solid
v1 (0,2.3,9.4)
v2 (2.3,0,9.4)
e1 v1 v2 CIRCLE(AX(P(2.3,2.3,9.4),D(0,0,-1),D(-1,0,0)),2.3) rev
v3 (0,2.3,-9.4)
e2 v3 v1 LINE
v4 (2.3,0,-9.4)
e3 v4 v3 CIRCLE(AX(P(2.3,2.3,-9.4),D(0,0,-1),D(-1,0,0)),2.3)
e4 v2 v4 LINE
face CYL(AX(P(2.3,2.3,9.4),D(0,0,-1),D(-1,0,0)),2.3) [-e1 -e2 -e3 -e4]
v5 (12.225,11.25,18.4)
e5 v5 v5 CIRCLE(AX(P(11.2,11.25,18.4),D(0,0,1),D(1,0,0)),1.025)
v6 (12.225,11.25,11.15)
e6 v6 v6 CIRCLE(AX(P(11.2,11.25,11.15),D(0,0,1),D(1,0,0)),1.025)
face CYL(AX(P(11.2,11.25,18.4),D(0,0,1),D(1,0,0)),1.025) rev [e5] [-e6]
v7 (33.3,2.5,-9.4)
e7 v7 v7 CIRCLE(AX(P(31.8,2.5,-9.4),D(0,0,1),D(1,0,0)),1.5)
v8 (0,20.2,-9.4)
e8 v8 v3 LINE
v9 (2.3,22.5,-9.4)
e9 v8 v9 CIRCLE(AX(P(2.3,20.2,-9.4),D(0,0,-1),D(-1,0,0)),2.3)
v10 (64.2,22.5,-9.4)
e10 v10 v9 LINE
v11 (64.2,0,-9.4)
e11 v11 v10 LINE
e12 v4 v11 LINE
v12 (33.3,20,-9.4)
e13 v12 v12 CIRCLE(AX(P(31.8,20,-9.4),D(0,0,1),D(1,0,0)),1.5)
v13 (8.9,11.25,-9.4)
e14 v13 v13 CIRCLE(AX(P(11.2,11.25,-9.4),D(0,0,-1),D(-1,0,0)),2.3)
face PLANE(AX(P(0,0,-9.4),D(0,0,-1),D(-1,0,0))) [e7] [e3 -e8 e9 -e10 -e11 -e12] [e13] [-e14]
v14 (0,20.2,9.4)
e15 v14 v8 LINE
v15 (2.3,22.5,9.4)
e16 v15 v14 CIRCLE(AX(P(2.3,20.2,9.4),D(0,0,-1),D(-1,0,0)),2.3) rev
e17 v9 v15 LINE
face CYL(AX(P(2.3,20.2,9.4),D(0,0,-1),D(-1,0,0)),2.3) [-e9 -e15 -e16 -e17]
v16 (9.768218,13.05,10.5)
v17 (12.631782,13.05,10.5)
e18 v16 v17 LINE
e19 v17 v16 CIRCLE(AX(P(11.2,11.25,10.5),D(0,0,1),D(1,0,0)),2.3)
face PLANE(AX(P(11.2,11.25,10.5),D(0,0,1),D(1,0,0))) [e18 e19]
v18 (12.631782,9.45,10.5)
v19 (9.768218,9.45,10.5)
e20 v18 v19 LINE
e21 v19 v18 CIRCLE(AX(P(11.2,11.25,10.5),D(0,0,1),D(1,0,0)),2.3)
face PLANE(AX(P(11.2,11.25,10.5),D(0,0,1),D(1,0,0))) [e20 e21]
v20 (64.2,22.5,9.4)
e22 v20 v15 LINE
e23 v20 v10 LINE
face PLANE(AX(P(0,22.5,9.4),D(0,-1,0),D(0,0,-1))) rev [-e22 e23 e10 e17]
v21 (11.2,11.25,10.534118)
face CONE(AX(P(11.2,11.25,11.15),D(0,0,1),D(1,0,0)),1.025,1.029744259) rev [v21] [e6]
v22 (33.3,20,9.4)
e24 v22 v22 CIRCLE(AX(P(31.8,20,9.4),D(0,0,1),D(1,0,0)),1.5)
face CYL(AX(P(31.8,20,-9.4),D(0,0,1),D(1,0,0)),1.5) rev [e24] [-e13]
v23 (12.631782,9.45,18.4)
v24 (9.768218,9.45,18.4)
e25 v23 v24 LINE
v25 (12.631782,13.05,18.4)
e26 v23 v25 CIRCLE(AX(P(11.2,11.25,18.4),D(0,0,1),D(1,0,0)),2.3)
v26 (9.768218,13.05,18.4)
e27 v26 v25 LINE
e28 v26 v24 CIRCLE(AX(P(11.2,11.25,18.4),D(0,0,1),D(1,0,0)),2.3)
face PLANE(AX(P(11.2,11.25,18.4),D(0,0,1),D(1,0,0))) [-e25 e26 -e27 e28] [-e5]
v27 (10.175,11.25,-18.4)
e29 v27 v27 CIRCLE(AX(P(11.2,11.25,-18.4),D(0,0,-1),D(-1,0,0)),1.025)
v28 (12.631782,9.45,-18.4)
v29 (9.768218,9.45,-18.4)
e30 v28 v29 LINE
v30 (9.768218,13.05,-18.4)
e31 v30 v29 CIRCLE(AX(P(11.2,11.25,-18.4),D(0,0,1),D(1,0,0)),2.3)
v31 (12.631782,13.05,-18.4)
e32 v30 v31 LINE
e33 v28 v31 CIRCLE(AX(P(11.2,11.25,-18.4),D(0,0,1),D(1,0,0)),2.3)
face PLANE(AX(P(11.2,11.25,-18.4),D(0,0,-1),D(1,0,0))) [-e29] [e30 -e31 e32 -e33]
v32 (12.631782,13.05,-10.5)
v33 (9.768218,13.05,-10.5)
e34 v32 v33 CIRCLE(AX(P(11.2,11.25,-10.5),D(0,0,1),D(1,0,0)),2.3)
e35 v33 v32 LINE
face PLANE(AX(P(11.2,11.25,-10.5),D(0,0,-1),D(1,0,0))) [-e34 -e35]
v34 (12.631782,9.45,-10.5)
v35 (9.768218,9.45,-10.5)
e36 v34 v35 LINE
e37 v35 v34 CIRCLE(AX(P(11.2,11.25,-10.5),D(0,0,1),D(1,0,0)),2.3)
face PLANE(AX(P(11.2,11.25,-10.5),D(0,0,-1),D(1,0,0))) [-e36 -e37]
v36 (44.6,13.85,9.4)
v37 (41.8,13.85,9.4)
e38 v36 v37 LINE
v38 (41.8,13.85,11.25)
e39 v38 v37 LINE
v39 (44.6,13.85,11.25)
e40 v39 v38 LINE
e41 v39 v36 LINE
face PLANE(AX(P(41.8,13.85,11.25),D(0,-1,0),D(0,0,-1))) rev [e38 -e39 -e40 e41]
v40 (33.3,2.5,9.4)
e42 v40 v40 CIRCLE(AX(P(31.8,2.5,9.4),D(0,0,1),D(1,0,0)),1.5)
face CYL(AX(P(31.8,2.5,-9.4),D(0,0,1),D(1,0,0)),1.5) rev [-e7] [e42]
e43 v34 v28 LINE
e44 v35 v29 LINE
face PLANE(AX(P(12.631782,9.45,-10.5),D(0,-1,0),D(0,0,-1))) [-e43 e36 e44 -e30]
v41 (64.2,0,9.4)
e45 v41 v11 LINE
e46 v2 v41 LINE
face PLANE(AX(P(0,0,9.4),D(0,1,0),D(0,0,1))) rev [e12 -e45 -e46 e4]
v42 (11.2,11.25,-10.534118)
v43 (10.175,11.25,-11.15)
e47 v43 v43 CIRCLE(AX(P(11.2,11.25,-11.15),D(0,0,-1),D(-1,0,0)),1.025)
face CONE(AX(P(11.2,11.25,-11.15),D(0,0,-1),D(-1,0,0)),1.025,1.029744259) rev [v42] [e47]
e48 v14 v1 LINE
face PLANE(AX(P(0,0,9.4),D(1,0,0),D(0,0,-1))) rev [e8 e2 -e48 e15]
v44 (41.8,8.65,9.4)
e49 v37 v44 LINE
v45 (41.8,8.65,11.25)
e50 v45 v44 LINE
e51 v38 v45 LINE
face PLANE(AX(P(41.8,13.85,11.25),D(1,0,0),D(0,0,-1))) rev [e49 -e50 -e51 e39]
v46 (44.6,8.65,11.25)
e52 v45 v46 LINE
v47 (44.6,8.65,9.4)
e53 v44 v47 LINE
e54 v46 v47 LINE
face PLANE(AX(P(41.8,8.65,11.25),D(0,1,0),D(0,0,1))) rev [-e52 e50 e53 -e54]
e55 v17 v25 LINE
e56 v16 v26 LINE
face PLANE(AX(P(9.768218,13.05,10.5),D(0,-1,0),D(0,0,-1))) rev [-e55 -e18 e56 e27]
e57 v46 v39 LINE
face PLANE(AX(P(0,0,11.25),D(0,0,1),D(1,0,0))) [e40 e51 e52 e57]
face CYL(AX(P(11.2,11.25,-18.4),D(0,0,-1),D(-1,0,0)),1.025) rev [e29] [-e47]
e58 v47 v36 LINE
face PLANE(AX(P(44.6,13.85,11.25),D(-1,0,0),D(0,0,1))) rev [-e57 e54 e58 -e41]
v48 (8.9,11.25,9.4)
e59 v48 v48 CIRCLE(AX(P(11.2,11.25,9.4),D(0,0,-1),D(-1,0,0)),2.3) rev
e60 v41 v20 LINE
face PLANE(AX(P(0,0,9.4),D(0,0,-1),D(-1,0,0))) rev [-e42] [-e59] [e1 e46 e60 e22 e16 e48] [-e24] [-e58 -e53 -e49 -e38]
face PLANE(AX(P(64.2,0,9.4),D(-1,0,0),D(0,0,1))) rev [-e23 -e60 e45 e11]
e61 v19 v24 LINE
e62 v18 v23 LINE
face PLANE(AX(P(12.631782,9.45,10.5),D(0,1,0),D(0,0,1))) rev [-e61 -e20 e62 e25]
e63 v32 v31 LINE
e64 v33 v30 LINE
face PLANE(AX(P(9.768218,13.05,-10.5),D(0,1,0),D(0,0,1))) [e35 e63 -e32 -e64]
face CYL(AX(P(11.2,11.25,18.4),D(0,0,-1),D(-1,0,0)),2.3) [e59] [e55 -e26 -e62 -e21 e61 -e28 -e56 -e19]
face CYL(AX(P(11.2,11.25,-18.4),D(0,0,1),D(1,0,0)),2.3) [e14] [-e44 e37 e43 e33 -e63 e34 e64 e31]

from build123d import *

# Parameters (mm, degrees)
ESBO_O1_W                = 64.2
ESBO_O1_H                = 22.5
RESSALTO_EXTRUS_O1_DEPTH = 9.4
ESBO_O2_R                = 2.3
RESSALTO_EXTRUS_O2_DEPTH = 9
CORTE_EXTRUS_O1_DEPTH    = 7.9
ESBO_O4_R                = 1.5
CORTE_EXTRUS_O2_DEPTH    = 19.8
FILETE1_R                = 2.3
ESBO_O5_W                = 2.8
ESBO_O5_H                = 5.2
RESSALTO_EXTRUS_O3_DEPTH = 1.85


with BuildPart() as part:
    # Esboço1 → Ressalto-extrusão1 (new body, symmetric)
    with BuildSketch(Plane.XY):
        with Locations((32.1, 11.25)):
            Rectangle(ESBO_O1_W, ESBO_O1_H)
    extrude(amount=RESSALTO_EXTRUS_O1_DEPTH, both=True)

    # Esboço2 → Ressalto-extrusão2 (add)
    with BuildSketch(Plane.XY.offset(9.4)):
        with Locations((11.2, 11.25)):
            Circle(ESBO_O2_R)
    ressalto_extrus_o2 = extrude(amount=RESSALTO_EXTRUS_O2_DEPTH)

    # Esboço3 → Corte-extrusão1 (cut)
    with BuildSketch(Plane.XY.offset(18.4)):
        with BuildLine():
            Line((9.768217894, 13.05), (12.631782106, 13.05))
            ThreePointArc((12.631782106, 13.05), (11.2, 13.55), (9.768217894, 13.05))
        make_face()
        with BuildLine():
            Line((12.631782106, 9.45), (9.768217894, 9.45))
            ThreePointArc((9.768217894, 9.45), (11.2, 8.95), (12.631782106, 9.45))
        make_face()
    corte_extrus_o1 = extrude(amount=-CORTE_EXTRUS_O1_DEPTH, mode=Mode.SUBTRACT)

    # Esboço4 → Corte-extrusão2 (cut, through all)
    with BuildSketch(Plane.XY.offset(9.4)):
        with Locations((31.8, 20)):
            Circle(ESBO_O4_R)
        with Locations((31.8, 2.5)):
            Circle(ESBO_O4_R)
    extrude(amount=-CORTE_EXTRUS_O2_DEPTH, mode=Mode.SUBTRACT)

    # Esboço6 → Furo roscado de M2.51 (revolve, cut)
    with BuildSketch(Plane(origin=(11.2, 11.25, 18.4), x_dir=(0, -1, 0), z_dir=(1, 0, 0))):
        Polygon((0, 0), (0, 7.865882135), (1.025, 7.25), (1.025, 0), align=None)
    furo_roscado_de_m2_51 = revolve(axis=Axis((11.2, 11.25, 24.75), (0, 0, -1)), mode=Mode.SUBTRACT)

    # Espelhar1: Ressalto-extrusão2, Corte-extrusão1, Furo roscado de M2.51 across plane
    add(ressalto_extrus_o2.mirror(Plane.XY))
    add(corte_extrus_o1.mirror(Plane.XY), mode=Mode.SUBTRACT)
    add(furo_roscado_de_m2_51.mirror(Plane.XY), mode=Mode.SUBTRACT)

    # Filete1
    filete1_edges = [part.edges().sort_by_distance(p)[0] for p in [
        (0, 22.5, 0),
        (0, 0, 0),
    ]]
    fillet(filete1_edges, radius=FILETE1_R)

    # Esboço5 → Ressalto-extrusão3 (add)
    with BuildSketch(Plane.XY.offset(9.4)):
        with Locations((43.2, 11.25)):
            Rectangle(ESBO_O5_W, ESBO_O5_H)
    extrude(amount=RESSALTO_EXTRUS_O3_DEPTH)


solid = part.part
